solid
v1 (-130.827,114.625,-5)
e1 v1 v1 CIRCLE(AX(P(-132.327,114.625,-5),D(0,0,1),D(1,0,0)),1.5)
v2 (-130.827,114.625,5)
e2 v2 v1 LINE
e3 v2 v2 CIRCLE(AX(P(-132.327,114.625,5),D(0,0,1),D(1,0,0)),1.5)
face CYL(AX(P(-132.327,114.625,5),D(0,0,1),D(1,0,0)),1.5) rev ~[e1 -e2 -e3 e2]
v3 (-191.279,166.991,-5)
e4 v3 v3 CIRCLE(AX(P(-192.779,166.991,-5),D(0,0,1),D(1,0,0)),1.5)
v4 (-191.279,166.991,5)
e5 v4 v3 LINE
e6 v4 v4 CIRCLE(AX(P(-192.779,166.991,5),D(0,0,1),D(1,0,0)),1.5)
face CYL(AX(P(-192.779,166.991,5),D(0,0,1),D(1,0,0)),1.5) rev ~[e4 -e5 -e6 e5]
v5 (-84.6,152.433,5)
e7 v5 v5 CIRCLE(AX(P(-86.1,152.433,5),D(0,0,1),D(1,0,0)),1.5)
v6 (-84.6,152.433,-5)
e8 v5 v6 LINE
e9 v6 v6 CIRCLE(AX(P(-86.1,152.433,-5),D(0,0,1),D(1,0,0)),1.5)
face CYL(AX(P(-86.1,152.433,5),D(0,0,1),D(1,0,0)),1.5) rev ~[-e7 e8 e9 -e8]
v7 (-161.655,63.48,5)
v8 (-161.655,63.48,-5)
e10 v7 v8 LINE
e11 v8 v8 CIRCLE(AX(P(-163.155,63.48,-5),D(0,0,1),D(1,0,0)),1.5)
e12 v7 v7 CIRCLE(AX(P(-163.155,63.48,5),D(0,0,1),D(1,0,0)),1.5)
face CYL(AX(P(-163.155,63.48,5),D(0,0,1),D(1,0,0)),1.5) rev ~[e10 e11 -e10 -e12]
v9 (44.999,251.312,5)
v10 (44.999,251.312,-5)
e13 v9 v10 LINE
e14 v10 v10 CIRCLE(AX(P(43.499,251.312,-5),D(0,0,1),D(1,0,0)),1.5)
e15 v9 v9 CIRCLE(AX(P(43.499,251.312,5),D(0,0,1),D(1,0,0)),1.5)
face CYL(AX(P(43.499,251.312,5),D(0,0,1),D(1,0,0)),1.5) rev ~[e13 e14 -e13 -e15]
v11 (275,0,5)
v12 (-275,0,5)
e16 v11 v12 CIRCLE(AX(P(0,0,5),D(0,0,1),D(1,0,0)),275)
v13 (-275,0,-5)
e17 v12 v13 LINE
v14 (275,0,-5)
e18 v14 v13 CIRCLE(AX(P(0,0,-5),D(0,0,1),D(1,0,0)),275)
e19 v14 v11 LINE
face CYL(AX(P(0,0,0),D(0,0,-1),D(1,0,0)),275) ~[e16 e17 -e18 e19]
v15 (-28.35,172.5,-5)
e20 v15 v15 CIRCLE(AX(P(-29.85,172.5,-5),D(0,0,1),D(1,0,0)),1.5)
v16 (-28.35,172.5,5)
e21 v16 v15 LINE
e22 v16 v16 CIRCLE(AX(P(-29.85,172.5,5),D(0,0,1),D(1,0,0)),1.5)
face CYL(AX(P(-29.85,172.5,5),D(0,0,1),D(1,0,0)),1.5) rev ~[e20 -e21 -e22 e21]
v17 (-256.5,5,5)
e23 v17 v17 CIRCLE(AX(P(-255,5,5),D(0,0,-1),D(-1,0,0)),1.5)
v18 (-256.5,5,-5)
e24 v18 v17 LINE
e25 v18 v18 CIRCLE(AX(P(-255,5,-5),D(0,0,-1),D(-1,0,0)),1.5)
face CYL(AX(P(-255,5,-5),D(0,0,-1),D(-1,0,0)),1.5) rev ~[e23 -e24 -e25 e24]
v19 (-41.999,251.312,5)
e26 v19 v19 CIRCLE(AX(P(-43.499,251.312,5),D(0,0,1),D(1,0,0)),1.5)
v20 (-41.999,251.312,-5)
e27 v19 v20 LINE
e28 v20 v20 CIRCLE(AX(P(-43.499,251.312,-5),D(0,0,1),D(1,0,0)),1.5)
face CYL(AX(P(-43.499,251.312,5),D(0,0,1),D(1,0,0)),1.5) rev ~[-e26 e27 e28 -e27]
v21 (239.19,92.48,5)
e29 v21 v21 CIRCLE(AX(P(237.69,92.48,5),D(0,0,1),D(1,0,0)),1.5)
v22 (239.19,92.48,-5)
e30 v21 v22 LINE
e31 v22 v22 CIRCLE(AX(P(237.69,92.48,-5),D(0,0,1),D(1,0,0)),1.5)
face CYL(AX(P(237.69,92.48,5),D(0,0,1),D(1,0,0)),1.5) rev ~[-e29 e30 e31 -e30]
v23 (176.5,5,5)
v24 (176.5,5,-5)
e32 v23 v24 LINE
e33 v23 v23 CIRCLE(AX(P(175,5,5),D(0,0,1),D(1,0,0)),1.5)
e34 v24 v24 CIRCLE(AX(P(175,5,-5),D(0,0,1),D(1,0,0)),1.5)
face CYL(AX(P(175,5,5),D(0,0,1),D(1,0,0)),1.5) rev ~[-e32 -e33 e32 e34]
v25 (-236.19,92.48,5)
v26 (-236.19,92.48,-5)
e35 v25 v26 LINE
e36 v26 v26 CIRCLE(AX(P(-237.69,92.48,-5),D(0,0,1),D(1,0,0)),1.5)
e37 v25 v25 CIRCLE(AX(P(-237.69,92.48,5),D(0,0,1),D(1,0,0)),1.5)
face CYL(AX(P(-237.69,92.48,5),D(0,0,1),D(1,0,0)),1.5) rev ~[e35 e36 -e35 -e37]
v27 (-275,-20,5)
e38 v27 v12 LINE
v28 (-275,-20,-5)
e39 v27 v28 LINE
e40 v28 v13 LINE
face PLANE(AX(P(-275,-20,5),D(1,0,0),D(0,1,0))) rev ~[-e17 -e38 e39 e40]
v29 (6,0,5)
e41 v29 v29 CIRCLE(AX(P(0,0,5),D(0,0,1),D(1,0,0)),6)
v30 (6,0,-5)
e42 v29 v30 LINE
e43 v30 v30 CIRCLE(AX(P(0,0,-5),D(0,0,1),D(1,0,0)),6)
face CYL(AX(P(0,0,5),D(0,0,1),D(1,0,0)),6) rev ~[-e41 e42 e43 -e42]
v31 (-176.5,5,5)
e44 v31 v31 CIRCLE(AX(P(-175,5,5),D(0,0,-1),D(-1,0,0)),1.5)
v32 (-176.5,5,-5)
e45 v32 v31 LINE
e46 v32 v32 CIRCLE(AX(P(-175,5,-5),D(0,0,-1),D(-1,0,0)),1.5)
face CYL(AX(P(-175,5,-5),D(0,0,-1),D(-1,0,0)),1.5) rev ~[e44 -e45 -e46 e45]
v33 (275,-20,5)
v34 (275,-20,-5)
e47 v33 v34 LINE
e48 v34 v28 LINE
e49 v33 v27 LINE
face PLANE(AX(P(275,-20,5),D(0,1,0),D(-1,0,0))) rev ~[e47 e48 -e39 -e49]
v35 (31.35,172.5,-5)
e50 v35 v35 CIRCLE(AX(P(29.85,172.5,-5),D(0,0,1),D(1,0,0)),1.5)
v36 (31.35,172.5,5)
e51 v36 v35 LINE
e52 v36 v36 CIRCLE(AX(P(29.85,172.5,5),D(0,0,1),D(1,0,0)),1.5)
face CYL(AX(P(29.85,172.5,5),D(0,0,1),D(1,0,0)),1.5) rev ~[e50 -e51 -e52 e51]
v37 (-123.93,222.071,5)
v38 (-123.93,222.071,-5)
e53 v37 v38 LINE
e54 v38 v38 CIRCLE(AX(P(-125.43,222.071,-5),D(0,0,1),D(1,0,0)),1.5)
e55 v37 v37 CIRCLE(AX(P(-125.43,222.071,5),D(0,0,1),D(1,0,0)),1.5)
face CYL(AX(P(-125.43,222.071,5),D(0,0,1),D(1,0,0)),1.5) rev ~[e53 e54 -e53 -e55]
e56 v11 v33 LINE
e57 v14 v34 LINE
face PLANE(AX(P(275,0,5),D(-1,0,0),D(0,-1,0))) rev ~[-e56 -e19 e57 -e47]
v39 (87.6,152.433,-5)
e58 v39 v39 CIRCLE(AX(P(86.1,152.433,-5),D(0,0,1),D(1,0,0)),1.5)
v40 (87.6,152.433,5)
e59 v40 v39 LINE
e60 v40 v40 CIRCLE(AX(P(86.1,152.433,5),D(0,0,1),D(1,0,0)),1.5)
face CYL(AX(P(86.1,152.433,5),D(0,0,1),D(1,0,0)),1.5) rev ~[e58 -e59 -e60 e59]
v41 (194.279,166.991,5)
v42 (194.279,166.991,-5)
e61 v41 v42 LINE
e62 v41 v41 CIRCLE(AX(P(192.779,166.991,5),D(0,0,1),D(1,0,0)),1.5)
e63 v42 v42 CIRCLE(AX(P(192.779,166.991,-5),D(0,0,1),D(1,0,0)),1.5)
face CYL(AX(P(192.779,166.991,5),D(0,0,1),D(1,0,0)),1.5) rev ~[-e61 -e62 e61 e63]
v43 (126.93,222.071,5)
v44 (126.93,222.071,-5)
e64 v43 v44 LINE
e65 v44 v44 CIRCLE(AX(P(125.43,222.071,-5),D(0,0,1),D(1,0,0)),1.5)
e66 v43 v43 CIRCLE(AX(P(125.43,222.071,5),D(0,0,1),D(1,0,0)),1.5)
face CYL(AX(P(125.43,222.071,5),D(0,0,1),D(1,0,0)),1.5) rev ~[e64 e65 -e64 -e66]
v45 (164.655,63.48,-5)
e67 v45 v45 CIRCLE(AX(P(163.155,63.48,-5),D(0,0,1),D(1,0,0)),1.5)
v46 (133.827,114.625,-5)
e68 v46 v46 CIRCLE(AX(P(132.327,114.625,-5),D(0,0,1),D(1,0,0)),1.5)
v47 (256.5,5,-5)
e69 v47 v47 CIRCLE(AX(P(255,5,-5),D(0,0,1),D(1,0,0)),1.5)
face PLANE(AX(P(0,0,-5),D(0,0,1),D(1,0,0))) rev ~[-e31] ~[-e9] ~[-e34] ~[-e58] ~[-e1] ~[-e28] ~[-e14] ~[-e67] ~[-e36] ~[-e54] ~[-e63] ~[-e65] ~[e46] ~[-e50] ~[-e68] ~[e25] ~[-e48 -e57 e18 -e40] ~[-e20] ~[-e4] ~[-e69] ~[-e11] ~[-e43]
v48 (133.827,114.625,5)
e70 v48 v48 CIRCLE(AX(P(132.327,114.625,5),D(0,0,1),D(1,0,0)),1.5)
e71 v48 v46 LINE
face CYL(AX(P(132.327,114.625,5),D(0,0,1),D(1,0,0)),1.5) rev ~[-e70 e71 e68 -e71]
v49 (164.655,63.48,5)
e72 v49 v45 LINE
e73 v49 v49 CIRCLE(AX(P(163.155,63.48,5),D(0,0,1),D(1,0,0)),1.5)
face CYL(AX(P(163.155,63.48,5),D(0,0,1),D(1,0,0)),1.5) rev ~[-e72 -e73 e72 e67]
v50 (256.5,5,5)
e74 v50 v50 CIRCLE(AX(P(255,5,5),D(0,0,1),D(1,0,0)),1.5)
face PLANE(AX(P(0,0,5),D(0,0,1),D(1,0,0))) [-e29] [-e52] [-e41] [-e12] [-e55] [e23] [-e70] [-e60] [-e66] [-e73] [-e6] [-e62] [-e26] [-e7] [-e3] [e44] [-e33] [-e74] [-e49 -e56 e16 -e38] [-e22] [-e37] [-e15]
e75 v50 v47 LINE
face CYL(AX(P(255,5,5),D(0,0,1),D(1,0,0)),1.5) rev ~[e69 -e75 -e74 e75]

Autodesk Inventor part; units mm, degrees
ref_plane "YZ Plane" through (0, 0, 0) normal (1, 0, 0) x (0, 1, 0)
ref_plane "XZ Plane" through (0, 0, 0) normal (0, 1, 0) x (-1, 0, 0)
ref_plane "XY Plane" through (0, 0, 0) normal (0, 0, 1) x (1, 0, 0)
sketch "Esquisse1" plane through (0, 0, 0) normal (0, 0, 1) x (1, 0, 0)
  circle A0 centre (0, 0) radius 155
  circle A1 centre (0, 0) radius 275
  line L0 (-275, 0) -> (275, 0)
  line L1 (-155, 0) -> (155, 0)
  circle A2 centre (-175, 5) radius 1.5
  circle A3 centre (175, 5) radius 1.5
  point P0 (-86.6478, -260.9927)
  point P1 (93.3373, -258.6758)
  dimension "d0" = 310
  dimension "d1" = 550
  dimension "d2" = 180
  dimension "d5" = 179.9851
  dimension "d6" = 5
  dimension "d7" = -175
  dimension "d8" = 3
  dimension "d19" = 5
  dimension "d20" = 175
  dimension "d21" = 3
extrude "Extrusion1" add sketch "Esquisse1" along normal mid plane 10 contours L0 A0 | A0 L0 A1 | A2 | A3 picked at (36.5339, 36.5339) picked at (197.6975, 36.6731)
sketch "Esquisse2" plane through (0, 0, 5) normal (0, 0, 1) x (-1, 0, 0)
  arc A0 (-275, 0) -> (275, 0) centre (0, 0) ccw projected
  line L0 (-275, 0) -> (275, 0)
sketch "Esquisse3" plane through (0, 0, -5) normal (0, 0, -1) x (-1, 0, 0)
  circle A0 centre (175, 5) radius 1.5
  line L0 (275, 0) -> (-275, 0) projected
  point P0 (0, 0)
  point P1 (155, 0)
  dimension "d9" = 175
  dimension "d10" = 5
  dimension "d11" = 3
extrude "Extrusion2" cut sketch "Esquisse3" against normal blind 10
sketch "Esquisse4" plane through (0, 0, -5) normal (0, 0, -1) x (-1, 0, 0)
  circle A0 centre (255, 5) radius 1.5
  line L0 (-275, 0) -> (275, 0) projected
  point P0 (0, 0)
  point P1 (155, 0)
  dimension "d14" = 5
  dimension "d15" = 255
  dimension "d16" = 3
extrude "Extrusion3" cut sketch "Esquisse4" against normal blind 10
sketch "Esquisse5" plane through (0, 0, 5) normal (0, 0, 1) x (1, 0, 0)
  circle A0 centre (175, 5) radius 1.5
  line L0 (-275, 0) -> (275, 0) projected
  circle A1 centre (255, 5) radius 1.5
  point P0 (0, 0)
  point P1 (0, 0)
  point P2 (0, 0)
  dimension "d22" = 5
  dimension "d23" = 3
  dimension "d24" = 175
  dimension "d25" = 255
  dimension "d26" = 3
extrude "Extrusion4" cut sketch "Esquisse5" against normal blind 10 contours A0
sketch "Esquisse6" plane through (0, 0, 5) normal (0, 0, 1) x (1, 0, 0)
  circle A0 centre (255, 5) radius 1.5
  line L0 (-275, 0) -> (275, 0) projected
  point P0 (0, 0)
  point P1 (0, 0)
  dimension "d31" = 5
  dimension "d32" = 255
  dimension "d33" = 3
extrude "Extrusion6" cut sketch "Esquisse6" against normal blind 10
sketch "Esquisse7" plane through (0, 0, 5) normal (0, 0, 1) x (1, 0, 0)
  circle A0 centre (163.155, 63.48) radius 1.5
  line L0 (-275, 0) -> (275, 0) projected
  circle A1 centre (237.69, 92.48) radius 1.5
  point P0 (0, 0)
  point P1 (0, 0)
  point P2 (0, 0)
  dimension "d37" = 3
  dimension "d38" = 63.48
  dimension "d39" = 163.155
  dimension "d40" = 92.48
  dimension "d41" = 237.69
  dimension "d42" = 3
extrude "Extrusion7" cut sketch "Esquisse7" against normal blind 10
sketch "Esquisse8" plane through (0, 0, 5) normal (0, 0, 1) x (1, 0, 0)
  circle A0 centre (132.327, 114.625) radius 1.5
  line L0 (-275, 0) -> (275, 0) projected
  circle A1 centre (192.779, 166.991) radius 1.5
  circle A2 centre (86.1, 152.433) radius 1.5
  circle A3 centre (125.43, 222.071) radius 1.5
  circle A4 centre (29.85, 172.5) radius 1.5
  circle A5 centre (43.499, 251.312) radius 1.5
  line L1 (0, 0) -> (0, 275.6506)
  dimension "d45" = 114.625
  dimension "d46" = 132.327
  dimension "d47" = 3
  dimension "d48" = 166.991
  dimension "d49" = 192.779
  dimension "d50" = 3
  dimension "d51" = 152.433
  dimension "d52" = 86.1
  dimension "d53" = 3
  dimension "d54" = 222.071
  dimension "d55" = 125.43
  dimension "d56" = 3
  dimension "d57" = 172.5
  dimension "d58" = 29.85
  dimension "d59" = 3
  dimension "d60" = 251.312
  dimension "d61" = 43.499
  dimension "d62" = 3
extrude "Extrusion8" cut sketch "Esquisse8" against normal blind 10
sketch "Esquisse9" plane through (0, 0, 5) normal (0, 0, 1) x (1, 0, 0)
  circle A0 centre (-163.155, 63.48) radius 1.5
  circle A1 centre (-237.69, 92.48) radius 1.5
  circle A2 centre (-132.327, 114.625) radius 1.5
  circle A3 centre (-192.779, 166.991) radius 1.5
  circle A4 centre (-86.1, 152.433) radius 1.5
  circle A5 centre (-125.43, 222.071) radius 1.5
  circle A6 centre (-29.85, 172.5) radius 1.5
  circle A7 centre (-43.499, 251.312) radius 1.5
  line L0 (-275, 0) -> (275, 0) projected
  point P0 (0, 0)
  point P1 (0, 0)
  point P2 (0, 0)
  point P3 (0, 0)
  point P4 (0, 0)
  point P5 (0, 0)
  point P6 (0, 0)
  point P7 (0, 0)
  point P8 (0, 0)
  dimension "d65" = 63.48
  dimension "d66" = 163.155
  dimension "d67" = 3
  dimension "d68" = 92.48
  dimension "d69" = 237.69
  dimension "d70" = 3
  dimension "d71" = 132.327
  dimension "d72" = 114.625
  dimension "d73" = 3
  dimension "d74" = 166.991
  dimension "d75" = 192.779
  dimension "d76" = 3
  dimension "d77" = 152.433
  dimension "d78" = 86.1
  dimension "d79" = 3
  dimension "d80" = 125.43
  dimension "d81" = 222.071
  dimension "d82" = 3
  dimension "d83" = 29.85
  dimension "d84" = 172.5
  dimension "d85" = 3
  dimension "d86" = 43.499
  dimension "d87" = 251.312
  dimension "d88" = 3
extrude "Extrusion9" cut sketch "Esquisse9" against normal blind 10
sketch "Esquisse11" plane through (0, 0, 5) normal (0, 0, 1) x (1, 0, 0)
  line L0 (275, 0) -> (-275, 0) projected
  line L1 (-275, 0) -> (275, 0)
  line L2 (275, 0) -> (275, -20)
  line L3 (275, -20) -> (-275, -20)
  line L4 (-275, -20) -> (-275, 0)
  point P0 (0, 0)
  dimension "d91" = 20
extrude "Extrusion10" add sketch "Esquisse11" against normal blind 10
sketch "Esquisse12" plane through (0, 0, 5) normal (0, 0, 1) x (1, 0, 0)
  circle A0 centre (0, 0) radius 6
  dimension "d94" = 12
extrude "Extrusion11" cut sketch "Esquisse12" against normal blind 10
properties part number "plaque dessus"
